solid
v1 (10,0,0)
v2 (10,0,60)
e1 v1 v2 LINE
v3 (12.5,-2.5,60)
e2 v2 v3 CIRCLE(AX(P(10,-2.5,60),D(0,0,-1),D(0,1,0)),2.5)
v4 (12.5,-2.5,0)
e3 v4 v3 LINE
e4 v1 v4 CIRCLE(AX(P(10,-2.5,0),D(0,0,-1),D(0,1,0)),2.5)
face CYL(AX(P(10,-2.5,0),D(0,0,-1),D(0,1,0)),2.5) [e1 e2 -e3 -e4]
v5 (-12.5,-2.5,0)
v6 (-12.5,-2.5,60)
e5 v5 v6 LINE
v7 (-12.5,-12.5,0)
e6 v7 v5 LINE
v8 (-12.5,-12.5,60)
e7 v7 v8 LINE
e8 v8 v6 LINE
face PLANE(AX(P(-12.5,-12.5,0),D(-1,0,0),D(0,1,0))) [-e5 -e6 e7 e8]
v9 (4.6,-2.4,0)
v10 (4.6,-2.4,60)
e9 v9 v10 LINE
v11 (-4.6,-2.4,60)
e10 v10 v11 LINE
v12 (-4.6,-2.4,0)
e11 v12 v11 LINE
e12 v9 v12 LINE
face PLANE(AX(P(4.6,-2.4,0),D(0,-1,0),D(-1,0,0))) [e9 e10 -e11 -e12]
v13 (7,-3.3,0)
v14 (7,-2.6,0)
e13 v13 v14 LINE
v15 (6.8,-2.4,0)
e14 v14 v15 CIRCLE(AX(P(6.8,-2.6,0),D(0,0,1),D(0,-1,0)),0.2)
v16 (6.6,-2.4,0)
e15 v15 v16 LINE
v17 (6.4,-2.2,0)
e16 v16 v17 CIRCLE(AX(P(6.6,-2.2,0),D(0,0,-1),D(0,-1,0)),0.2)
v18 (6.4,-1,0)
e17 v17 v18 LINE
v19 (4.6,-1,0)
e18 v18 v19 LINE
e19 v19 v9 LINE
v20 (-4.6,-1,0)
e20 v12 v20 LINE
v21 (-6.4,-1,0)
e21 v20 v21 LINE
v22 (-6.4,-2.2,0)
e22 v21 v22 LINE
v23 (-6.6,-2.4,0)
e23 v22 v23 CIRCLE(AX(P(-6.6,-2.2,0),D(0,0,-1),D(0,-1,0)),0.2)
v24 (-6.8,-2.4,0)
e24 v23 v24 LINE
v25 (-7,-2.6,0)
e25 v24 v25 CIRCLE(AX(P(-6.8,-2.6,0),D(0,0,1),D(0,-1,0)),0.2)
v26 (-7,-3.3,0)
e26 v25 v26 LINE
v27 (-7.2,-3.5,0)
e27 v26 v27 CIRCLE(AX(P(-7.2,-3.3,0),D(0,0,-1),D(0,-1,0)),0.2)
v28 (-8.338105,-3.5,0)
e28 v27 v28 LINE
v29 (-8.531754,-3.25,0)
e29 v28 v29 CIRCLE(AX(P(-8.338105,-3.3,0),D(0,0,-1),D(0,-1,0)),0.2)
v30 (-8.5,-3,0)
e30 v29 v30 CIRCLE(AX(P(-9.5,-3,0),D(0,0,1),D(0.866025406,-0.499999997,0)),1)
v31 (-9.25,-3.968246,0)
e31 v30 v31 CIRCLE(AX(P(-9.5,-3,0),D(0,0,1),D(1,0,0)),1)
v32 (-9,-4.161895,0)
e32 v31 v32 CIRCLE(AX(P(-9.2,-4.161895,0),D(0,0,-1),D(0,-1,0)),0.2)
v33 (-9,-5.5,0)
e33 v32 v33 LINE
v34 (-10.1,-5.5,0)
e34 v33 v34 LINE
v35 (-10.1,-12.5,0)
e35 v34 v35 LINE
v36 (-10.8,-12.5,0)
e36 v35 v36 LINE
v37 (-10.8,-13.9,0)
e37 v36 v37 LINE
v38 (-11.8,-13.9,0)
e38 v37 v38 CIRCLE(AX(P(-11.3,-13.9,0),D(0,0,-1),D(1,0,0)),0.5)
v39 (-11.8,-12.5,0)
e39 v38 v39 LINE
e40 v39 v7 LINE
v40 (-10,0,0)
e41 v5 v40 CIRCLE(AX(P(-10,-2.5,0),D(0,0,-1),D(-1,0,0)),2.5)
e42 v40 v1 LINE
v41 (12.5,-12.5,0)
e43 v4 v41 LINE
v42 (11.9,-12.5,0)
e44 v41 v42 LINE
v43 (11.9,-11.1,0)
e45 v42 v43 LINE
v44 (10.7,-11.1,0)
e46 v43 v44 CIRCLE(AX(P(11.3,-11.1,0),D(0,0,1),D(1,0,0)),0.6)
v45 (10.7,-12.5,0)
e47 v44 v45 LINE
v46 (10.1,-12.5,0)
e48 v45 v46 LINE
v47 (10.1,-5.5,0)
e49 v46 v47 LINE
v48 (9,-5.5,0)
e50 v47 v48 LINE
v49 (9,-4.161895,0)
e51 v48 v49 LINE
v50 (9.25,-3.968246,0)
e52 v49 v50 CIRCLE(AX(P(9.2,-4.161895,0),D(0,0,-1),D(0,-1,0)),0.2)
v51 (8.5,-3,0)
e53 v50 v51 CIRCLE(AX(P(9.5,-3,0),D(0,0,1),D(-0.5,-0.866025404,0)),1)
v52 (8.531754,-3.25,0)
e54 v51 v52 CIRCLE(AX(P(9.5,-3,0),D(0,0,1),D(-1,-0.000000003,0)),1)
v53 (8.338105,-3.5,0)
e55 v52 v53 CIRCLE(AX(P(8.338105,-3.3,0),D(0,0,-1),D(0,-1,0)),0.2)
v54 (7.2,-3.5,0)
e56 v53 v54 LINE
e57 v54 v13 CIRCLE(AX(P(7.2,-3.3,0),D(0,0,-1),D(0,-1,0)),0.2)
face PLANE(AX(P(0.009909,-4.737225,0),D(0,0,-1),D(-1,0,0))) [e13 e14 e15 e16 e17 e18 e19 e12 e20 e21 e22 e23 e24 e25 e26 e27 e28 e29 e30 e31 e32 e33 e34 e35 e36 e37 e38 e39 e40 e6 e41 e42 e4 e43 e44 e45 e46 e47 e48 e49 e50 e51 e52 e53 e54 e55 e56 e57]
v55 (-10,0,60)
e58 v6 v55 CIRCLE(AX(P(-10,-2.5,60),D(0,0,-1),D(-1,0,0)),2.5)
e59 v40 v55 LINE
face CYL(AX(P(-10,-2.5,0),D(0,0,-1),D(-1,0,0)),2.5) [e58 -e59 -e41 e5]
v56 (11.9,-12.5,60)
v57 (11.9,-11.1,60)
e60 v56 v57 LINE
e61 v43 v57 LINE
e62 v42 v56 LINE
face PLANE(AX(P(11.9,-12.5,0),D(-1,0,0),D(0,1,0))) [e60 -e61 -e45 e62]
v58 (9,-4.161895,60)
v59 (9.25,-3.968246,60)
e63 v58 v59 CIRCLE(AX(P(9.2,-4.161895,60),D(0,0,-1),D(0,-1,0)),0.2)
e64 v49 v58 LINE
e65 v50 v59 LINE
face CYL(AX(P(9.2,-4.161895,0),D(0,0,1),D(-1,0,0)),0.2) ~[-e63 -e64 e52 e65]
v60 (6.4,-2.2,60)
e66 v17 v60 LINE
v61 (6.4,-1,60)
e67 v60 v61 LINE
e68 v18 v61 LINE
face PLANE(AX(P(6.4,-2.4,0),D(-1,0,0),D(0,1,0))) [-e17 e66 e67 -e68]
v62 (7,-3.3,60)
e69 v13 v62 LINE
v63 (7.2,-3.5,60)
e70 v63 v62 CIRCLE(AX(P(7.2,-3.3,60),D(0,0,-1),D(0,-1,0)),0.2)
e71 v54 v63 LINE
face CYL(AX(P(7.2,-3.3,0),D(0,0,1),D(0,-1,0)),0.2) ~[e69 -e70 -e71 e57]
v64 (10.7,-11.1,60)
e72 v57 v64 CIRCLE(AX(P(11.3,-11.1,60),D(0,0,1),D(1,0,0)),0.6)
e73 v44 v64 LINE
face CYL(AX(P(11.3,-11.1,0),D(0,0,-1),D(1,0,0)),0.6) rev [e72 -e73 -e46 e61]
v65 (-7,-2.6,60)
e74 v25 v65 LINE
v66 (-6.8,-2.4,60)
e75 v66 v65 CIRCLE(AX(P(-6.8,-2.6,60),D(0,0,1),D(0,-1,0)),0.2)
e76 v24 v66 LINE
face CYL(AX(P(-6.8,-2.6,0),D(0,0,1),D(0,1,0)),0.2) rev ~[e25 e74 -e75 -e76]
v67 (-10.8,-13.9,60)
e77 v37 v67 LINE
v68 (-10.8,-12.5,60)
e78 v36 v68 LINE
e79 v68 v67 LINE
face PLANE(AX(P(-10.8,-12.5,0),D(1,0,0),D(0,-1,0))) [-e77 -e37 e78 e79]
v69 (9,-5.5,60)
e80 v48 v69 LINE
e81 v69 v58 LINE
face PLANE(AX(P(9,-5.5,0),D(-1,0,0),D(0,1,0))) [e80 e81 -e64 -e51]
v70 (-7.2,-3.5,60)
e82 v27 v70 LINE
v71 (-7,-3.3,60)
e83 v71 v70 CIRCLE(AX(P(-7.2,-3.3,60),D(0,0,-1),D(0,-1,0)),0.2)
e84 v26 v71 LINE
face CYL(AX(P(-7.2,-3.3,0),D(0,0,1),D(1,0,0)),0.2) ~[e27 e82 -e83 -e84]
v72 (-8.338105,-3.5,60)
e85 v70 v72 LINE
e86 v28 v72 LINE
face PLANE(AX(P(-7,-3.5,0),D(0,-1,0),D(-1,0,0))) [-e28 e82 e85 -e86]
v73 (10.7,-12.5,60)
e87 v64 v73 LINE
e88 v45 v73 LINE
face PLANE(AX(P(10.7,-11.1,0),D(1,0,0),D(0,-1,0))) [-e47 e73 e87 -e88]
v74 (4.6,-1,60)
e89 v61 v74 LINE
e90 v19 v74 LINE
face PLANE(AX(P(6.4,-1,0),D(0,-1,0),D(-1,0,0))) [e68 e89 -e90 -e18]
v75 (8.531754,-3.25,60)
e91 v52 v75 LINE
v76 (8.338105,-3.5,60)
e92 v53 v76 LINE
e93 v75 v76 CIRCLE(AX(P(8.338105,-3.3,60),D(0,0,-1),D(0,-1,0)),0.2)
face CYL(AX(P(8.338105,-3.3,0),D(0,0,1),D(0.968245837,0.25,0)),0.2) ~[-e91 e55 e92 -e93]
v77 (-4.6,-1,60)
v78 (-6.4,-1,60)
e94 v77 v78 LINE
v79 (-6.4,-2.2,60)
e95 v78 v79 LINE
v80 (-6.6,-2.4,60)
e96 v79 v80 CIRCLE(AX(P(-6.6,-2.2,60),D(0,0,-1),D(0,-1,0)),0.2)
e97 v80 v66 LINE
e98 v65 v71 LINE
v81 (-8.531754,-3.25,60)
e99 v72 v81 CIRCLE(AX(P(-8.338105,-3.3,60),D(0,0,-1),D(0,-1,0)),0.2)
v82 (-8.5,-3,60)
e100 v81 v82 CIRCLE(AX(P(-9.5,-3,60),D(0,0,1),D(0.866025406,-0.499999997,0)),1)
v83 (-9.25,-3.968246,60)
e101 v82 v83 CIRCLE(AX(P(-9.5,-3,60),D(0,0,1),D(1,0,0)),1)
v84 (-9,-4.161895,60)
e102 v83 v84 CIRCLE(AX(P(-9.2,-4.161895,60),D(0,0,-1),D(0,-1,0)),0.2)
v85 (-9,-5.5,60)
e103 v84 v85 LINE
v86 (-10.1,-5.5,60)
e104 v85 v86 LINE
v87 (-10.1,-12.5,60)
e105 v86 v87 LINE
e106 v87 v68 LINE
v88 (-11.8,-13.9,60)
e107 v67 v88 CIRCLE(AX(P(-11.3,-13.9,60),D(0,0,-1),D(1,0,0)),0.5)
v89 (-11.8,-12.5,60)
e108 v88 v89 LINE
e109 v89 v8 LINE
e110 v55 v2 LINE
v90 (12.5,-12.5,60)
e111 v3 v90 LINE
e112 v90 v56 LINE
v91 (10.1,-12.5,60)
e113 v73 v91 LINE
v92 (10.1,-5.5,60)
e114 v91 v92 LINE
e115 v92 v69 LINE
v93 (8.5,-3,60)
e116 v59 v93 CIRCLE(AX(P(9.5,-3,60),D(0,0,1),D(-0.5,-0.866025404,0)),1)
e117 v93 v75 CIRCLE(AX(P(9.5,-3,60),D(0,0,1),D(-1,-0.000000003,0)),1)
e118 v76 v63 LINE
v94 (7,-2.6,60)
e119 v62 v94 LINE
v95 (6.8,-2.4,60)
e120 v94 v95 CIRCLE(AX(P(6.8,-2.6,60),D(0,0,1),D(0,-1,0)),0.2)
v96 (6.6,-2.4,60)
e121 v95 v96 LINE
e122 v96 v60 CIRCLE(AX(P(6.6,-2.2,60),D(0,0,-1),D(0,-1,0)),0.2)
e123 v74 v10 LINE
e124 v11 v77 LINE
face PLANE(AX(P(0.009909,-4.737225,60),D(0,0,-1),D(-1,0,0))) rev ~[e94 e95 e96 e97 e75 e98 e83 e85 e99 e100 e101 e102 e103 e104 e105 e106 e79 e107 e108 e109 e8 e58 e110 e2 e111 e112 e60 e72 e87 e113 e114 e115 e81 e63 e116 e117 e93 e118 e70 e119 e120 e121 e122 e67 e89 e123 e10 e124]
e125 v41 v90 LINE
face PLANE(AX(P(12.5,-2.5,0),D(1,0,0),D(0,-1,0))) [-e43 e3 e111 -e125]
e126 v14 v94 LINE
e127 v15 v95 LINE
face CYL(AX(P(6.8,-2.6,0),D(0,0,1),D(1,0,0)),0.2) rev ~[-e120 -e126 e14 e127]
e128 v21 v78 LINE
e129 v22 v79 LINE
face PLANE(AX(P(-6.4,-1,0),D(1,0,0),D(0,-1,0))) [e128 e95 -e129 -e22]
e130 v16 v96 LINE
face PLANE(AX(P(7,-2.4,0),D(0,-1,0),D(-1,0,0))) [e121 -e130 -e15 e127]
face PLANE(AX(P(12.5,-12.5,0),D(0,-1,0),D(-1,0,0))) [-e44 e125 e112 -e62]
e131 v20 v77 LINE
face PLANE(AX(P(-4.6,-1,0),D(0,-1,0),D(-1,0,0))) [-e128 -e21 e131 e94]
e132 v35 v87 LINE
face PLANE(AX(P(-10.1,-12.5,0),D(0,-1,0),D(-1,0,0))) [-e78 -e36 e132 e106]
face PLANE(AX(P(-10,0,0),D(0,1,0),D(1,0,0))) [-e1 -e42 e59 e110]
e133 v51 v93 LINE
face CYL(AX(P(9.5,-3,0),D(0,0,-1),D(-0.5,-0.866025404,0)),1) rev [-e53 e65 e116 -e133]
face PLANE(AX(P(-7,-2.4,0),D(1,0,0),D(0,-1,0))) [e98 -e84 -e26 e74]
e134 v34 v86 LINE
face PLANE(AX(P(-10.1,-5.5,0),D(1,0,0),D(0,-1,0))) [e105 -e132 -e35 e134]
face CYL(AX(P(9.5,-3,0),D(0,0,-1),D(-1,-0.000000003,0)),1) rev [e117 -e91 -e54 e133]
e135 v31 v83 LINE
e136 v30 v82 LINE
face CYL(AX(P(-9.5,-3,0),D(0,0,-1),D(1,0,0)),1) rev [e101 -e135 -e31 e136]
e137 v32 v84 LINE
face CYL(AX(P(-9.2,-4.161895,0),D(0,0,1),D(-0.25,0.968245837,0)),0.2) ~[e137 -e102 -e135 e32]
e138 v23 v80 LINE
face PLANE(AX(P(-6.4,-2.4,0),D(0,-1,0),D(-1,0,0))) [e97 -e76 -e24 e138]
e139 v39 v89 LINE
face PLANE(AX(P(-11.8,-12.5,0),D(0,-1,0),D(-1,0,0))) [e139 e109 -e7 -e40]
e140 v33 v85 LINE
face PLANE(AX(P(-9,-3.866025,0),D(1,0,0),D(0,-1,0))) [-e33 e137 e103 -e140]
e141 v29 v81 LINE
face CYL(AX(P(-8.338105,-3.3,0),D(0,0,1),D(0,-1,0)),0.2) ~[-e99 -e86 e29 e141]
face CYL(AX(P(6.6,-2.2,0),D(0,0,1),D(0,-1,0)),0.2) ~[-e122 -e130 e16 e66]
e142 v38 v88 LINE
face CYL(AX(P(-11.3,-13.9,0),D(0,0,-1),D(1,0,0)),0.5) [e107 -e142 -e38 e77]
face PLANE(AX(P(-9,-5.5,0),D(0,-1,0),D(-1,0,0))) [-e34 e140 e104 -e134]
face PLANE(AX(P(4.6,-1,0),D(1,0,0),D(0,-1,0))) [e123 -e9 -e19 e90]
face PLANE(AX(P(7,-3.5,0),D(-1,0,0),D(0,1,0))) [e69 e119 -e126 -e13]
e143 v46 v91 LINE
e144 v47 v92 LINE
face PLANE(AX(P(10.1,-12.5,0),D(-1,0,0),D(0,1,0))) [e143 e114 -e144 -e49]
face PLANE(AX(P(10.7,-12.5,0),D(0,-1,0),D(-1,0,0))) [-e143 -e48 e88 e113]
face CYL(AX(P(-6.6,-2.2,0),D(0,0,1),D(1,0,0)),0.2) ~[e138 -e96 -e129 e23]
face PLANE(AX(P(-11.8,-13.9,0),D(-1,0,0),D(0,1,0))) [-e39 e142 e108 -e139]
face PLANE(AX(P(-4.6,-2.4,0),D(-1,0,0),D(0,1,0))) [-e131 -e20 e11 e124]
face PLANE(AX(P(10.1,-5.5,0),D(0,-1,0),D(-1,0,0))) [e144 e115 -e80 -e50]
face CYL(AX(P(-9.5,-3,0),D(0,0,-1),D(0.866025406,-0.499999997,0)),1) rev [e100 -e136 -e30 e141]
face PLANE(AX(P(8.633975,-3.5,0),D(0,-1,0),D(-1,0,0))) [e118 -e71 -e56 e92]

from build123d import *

# Parameters (mm, degrees)
EXTRUDE_1_DEPTH = 60
FILLET_1_R      = 0.2


with BuildPart() as part:
    # 草图1 → 凸台-拉伸1 (new body)
    with BuildSketch(Plane.XY):
        with BuildLine():
            Line((-10, 0), (10, 0))
            ThreePointArc((10, 0), (11.767766953, -0.732233047), (12.5, -2.5))
            Line((12.5, -2.5), (12.5, -12.5))
            Line((12.5, -12.5), (11.9, -12.5))
            Line((11.9, -12.5), (11.9, -11.1))
            ThreePointArc((11.9, -11.1), (11.3, -10.5), (10.7, -11.1))
            Line((10.7, -11.1), (10.7, -12.5))
            Line((10.7, -12.5), (10.1, -12.5))
            Line((10.1, -12.5), (10.1, -5.5))
            Line((10.1, -5.5), (9, -5.5))
            Line((9, -5.5), (9, -3.866025404))
            ThreePointArc((9, -3.866025404), (10.366025404, -2.5), (8.5, -3))
            ThreePointArc((8.5, -3), (8.534074174, -3.258819045), (8.633974596, -3.5))
            Line((8.633974596, -3.5), (7, -3.5))
            Line((7, -3.5), (7, -2.4))
            Line((7, -2.4), (6.4, -2.4))
            Line((6.4, -2.4), (6.4, -1))
            Line((6.4, -1), (4.6, -1))
            Line((4.6, -1), (4.6, -2.4))
            Line((4.6, -2.4), (-4.6, -2.4))
            Line((-4.6, -2.4), (-4.6, -1))
            Line((-4.6, -1), (-6.4, -1))
            Line((-6.4, -1), (-6.4, -2.4))
            Line((-6.4, -2.4), (-7, -2.4))
            Line((-7, -2.4), (-7, -3.5))
            Line((-7, -3.5), (-8.633974596, -3.5))
            ThreePointArc((-8.633974596, -3.5), (-8.534074174, -3.258819045), (-8.5, -3))
            ThreePointArc((-8.5, -3), (-10.366025404, -2.5), (-9, -3.866025404))
            Line((-9, -3.866025404), (-9, -5.5))
            Line((-9, -5.5), (-10.1, -5.5))
            Line((-10.1, -5.5), (-10.1, -12.5))
            Line((-10.1, -12.5), (-10.8, -12.5))
            Line((-10.8, -12.5), (-10.8, -13.9))
            ThreePointArc((-10.8, -13.9), (-11.3, -14.4), (-11.8, -13.9))
            Line((-11.8, -13.9), (-11.8, -12.5))
            Line((-11.8, -12.5), (-12.5, -12.5))
            Line((-12.5, -12.5), (-12.5, -2.5))
            ThreePointArc((-12.5, -2.5), (-11.767766953, -0.732233047), (-10, 0))
        make_face()
    extrude(amount=EXTRUDE_1_DEPTH)

    # 圆角1
    fillet_1_edges = [part.edges().sort_by_distance(p)[0] for p in [
        (9, -3.866025404, 30),
        (8.633974596, -3.5, 30),
        (7, -3.5, 30),
        (7, -2.4, 30),
        (6.4, -2.4, 30),
        (-6.4, -2.4, 30),
        (-7, -2.4, 30),
        (-7, -3.5, 30),
        (-8.633974596, -3.5, 30),
        (-9, -3.866025404, 30),
    ]]
    fillet(fillet_1_edges, radius=FILLET_1_R)


solid = part.part
